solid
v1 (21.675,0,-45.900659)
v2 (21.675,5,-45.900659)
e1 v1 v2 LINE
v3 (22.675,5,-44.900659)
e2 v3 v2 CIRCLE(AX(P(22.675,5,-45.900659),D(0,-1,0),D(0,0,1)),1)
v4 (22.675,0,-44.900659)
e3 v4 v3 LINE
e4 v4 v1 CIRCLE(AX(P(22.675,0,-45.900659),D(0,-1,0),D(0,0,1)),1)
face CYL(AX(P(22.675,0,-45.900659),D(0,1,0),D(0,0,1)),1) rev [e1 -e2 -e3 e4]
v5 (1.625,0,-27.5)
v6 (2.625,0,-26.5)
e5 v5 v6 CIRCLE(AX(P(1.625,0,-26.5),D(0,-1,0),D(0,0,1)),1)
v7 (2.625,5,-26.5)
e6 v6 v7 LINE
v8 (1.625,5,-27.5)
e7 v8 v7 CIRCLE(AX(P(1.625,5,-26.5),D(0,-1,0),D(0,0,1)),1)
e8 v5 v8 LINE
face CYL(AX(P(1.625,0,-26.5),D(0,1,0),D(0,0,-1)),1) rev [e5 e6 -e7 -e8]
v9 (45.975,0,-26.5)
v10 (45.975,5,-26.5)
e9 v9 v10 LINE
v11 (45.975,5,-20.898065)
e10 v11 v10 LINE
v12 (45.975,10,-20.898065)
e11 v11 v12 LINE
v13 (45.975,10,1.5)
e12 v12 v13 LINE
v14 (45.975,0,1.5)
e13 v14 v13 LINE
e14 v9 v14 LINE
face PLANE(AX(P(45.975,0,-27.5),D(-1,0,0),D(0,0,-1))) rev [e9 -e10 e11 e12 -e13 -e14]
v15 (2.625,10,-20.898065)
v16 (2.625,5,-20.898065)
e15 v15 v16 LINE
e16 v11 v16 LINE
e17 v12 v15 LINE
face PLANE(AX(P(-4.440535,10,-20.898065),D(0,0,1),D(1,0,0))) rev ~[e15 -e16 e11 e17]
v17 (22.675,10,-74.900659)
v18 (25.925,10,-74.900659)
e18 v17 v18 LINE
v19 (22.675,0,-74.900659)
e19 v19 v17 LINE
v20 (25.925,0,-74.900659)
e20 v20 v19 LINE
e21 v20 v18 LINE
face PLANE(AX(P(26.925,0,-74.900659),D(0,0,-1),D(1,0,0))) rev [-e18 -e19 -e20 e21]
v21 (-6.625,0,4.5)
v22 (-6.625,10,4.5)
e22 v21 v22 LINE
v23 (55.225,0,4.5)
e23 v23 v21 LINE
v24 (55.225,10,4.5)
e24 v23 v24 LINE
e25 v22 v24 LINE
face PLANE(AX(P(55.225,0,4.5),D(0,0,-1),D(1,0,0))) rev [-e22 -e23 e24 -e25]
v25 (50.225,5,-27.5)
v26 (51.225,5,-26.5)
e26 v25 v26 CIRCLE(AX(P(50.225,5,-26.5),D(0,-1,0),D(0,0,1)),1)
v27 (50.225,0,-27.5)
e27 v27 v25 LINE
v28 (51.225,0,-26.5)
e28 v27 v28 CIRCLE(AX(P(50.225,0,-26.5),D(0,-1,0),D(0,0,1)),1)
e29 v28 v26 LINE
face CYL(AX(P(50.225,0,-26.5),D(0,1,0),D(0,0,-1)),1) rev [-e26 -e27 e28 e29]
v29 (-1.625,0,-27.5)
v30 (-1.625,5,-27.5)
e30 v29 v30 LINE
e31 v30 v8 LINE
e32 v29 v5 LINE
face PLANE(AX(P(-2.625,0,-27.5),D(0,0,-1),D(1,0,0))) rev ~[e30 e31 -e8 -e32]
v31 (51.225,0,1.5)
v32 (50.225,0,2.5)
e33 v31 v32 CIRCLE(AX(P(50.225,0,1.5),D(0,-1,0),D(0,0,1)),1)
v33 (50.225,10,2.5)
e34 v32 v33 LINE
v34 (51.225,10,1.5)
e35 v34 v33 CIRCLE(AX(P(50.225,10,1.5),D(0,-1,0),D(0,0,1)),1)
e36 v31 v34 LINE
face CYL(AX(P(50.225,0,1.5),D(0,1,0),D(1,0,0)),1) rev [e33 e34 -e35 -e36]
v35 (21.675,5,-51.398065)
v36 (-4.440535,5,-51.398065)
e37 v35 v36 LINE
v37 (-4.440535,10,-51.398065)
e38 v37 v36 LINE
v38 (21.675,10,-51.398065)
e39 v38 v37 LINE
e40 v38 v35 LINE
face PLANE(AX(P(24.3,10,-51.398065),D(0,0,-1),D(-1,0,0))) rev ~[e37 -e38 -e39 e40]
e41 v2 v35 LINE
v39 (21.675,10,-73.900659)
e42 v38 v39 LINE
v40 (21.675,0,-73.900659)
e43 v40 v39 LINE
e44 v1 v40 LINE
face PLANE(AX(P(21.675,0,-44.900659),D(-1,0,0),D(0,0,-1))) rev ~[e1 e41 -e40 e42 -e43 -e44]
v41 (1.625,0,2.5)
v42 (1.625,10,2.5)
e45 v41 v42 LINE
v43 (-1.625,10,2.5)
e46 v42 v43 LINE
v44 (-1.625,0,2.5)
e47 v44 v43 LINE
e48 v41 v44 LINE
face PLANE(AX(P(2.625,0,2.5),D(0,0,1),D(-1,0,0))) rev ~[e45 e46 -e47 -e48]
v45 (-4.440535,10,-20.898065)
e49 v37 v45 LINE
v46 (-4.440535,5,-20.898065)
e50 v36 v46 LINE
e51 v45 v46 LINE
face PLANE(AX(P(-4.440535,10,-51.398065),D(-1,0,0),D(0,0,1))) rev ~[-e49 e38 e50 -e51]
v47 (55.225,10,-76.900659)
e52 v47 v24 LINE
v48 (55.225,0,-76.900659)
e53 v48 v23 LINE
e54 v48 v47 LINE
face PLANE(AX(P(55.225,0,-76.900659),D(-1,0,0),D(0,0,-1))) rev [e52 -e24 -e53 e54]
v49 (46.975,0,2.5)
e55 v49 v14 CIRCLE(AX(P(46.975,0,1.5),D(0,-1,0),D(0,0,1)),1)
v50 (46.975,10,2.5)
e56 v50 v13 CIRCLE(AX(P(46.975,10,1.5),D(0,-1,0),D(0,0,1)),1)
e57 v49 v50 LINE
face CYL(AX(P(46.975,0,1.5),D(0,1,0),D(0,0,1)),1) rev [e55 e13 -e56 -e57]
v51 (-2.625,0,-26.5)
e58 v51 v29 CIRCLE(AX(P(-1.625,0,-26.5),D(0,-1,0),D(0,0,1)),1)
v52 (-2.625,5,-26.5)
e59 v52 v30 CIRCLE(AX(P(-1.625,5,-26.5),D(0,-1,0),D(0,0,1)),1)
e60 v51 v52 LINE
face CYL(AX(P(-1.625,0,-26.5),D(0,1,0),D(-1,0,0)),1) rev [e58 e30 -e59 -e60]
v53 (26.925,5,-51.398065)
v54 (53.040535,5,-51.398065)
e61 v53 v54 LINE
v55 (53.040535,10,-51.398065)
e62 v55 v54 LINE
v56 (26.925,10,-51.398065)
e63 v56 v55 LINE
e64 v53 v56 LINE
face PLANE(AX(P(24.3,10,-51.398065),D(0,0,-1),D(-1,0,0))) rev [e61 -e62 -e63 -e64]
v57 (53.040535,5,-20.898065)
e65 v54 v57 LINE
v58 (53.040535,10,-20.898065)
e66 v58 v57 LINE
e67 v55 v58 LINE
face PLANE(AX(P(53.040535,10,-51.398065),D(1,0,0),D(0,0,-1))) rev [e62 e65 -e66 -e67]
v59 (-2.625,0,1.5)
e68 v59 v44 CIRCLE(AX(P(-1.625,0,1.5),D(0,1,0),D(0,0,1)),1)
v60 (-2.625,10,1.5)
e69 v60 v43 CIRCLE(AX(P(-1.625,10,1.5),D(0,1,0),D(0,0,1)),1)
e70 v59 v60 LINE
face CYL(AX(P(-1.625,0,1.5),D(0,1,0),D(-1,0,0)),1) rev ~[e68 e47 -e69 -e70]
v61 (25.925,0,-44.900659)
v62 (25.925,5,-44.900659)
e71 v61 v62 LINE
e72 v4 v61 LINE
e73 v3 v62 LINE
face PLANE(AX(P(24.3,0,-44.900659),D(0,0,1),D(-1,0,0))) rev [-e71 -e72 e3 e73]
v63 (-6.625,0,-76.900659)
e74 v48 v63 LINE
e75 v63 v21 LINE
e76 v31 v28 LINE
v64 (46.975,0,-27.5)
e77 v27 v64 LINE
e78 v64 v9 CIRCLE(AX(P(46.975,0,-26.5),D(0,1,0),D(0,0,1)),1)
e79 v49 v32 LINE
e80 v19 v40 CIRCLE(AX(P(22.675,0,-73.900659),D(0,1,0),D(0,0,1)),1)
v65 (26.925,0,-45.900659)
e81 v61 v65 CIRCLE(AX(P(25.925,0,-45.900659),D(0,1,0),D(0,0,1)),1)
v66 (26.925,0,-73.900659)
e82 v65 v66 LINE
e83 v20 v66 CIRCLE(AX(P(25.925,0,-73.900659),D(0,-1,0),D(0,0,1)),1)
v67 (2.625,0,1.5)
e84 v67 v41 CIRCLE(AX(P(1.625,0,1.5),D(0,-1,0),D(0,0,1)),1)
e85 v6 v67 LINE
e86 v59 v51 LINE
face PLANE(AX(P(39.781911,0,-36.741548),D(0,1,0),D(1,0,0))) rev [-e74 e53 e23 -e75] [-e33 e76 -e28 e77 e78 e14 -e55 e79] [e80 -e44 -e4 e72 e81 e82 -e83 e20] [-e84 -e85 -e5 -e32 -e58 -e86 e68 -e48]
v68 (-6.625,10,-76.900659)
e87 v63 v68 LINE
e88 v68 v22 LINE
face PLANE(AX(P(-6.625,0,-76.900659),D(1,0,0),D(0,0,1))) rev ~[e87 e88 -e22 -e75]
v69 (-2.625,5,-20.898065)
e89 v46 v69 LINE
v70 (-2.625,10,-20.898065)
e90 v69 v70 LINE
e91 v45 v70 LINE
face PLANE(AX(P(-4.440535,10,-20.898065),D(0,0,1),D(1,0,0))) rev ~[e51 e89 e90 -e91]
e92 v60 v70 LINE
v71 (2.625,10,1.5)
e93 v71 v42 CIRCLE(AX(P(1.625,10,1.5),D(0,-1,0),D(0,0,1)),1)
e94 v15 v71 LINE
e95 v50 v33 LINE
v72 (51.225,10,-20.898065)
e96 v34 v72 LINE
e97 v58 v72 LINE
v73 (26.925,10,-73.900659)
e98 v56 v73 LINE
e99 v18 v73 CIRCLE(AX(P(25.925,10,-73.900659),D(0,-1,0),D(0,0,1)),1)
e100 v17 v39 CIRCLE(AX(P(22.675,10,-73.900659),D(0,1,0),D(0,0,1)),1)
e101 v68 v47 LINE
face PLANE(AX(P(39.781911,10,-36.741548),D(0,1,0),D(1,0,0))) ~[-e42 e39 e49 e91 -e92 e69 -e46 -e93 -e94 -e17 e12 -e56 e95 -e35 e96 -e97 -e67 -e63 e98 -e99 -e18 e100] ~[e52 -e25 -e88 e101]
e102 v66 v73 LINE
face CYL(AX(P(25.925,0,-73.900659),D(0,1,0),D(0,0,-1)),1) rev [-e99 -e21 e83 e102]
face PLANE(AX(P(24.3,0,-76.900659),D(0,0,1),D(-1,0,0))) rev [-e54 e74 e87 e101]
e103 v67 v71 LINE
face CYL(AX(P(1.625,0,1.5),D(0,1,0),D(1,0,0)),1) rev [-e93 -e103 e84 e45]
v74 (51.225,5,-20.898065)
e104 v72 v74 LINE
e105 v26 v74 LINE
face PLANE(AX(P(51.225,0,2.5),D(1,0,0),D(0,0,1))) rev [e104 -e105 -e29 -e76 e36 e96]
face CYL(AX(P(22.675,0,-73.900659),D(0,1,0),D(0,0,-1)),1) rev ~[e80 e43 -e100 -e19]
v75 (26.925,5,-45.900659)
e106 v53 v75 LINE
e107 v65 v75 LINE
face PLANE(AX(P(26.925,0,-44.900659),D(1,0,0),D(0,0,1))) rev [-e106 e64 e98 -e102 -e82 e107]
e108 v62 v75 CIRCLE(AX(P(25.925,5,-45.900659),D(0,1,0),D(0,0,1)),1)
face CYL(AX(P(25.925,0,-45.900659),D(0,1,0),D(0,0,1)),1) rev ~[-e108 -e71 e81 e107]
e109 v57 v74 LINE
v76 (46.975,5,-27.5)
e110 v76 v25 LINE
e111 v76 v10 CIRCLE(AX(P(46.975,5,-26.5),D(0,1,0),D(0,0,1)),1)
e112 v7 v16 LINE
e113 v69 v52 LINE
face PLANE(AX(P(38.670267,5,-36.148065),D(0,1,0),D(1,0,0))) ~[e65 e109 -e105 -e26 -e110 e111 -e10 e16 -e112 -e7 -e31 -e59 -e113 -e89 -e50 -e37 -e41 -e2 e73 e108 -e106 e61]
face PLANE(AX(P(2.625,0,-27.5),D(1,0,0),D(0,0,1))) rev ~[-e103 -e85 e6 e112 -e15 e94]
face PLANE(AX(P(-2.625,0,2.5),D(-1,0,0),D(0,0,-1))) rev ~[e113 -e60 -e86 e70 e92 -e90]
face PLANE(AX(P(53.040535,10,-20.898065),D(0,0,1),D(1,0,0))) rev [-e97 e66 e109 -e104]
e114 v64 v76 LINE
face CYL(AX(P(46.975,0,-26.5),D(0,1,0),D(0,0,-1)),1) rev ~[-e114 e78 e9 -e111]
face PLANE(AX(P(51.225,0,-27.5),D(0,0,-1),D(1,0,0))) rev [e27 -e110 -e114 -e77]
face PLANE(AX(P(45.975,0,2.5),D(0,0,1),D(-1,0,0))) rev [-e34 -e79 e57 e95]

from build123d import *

# Parameters (mm, degrees)
BOSS_EXTRUDE5_DEPTH   = 10
CUT_EXTRUDE6_DEPTH    = 5
FILLET4_R             = 1
FILLET4_OF_MIRROR25_R = 1


with BuildPart() as part:
    # Sketch15 → Boss-Extrude5 (new body)
    with BuildSketch(Plane(origin=(0, 0, 0), x_dir=(1, 0, 0), z_dir=(0, 1, 0))):
        Polygon((24.3, 76.900659127), (-6.625, 76.900659127), (-6.625, -4.5), (24.3, -4.5), (24.3, 44.900659127), (21.675, 44.900659127), (21.675, 47.400659127), (21.675, 72.400659127), (21.675, 74.900659127), (24.3, 74.900659127), align=None)
        Polygon((-2.625, 25), (-2.625, 0), (-2.625, -2.5), (0, -2.5), (2.625, -2.5), (2.625, 0), (2.625, 25), (2.625, 27.5), (0, 27.5), (-2.625, 27.5), align=None, mode=Mode.SUBTRACT)
    boss_extrude5 = extrude(amount=BOSS_EXTRUDE5_DEPTH)

    # Sketch18 → Cut-Extrude6 (cut)
    with BuildSketch(Plane(origin=(0, 10, 0), x_dir=(1, 0, 0), z_dir=(0, 1, 0))):
        Polygon((21.675, 51.3980649), (-4.44053483, 51.3980649), (-4.44053483, 20.8980649), (24.3, 20.8980649), (24.3, 51.3980649), align=None)
    cut_extrude6 = extrude(amount=-CUT_EXTRUDE6_DEPTH, mode=Mode.SUBTRACT)

    # Fillet4
    fillet4_edges = [part.edges().sort_by_distance(p)[0] for p in [
        (21.675, 5, -74.900659127),
        (-2.625, 5, 2.5),
        (2.625, 5, 2.5),
        (2.625, 2.5, -27.5),
        (-2.625, 2.5, -27.5),
        (21.675, 2.5, -44.900659127),
    ]]
    fillet(fillet4_edges, radius=FILLET4_R)

    # Mirror25: Boss-Extrude5, Cut-Extrude6 across plane
    add(boss_extrude5.mirror(Plane(origin=(24.3, 10, 4.5), x_dir=(0, 0, 1), z_dir=(-1, 0, 0))))
    add(cut_extrude6.mirror(Plane(origin=(24.3, 10, 4.5), x_dir=(0, 0, 1), z_dir=(-1, 0, 0))), mode=Mode.SUBTRACT)

    # Fillet4 of Mirror25
    fillet4_of_mirror25_edges = [part.edges().sort_by_distance(p)[0] for p in [
        (26.925, 5, -74.900659127),
        (51.225, 5, 2.5),
        (45.975, 5, 2.5),
        (45.975, 2.5, -27.5),
        (51.225, 2.5, -27.5),
        (26.925, 2.5, -44.900659127),
    ]]
    fillet(fillet4_of_mirror25_edges, radius=FILLET4_OF_MIRROR25_R)


solid = part.part
